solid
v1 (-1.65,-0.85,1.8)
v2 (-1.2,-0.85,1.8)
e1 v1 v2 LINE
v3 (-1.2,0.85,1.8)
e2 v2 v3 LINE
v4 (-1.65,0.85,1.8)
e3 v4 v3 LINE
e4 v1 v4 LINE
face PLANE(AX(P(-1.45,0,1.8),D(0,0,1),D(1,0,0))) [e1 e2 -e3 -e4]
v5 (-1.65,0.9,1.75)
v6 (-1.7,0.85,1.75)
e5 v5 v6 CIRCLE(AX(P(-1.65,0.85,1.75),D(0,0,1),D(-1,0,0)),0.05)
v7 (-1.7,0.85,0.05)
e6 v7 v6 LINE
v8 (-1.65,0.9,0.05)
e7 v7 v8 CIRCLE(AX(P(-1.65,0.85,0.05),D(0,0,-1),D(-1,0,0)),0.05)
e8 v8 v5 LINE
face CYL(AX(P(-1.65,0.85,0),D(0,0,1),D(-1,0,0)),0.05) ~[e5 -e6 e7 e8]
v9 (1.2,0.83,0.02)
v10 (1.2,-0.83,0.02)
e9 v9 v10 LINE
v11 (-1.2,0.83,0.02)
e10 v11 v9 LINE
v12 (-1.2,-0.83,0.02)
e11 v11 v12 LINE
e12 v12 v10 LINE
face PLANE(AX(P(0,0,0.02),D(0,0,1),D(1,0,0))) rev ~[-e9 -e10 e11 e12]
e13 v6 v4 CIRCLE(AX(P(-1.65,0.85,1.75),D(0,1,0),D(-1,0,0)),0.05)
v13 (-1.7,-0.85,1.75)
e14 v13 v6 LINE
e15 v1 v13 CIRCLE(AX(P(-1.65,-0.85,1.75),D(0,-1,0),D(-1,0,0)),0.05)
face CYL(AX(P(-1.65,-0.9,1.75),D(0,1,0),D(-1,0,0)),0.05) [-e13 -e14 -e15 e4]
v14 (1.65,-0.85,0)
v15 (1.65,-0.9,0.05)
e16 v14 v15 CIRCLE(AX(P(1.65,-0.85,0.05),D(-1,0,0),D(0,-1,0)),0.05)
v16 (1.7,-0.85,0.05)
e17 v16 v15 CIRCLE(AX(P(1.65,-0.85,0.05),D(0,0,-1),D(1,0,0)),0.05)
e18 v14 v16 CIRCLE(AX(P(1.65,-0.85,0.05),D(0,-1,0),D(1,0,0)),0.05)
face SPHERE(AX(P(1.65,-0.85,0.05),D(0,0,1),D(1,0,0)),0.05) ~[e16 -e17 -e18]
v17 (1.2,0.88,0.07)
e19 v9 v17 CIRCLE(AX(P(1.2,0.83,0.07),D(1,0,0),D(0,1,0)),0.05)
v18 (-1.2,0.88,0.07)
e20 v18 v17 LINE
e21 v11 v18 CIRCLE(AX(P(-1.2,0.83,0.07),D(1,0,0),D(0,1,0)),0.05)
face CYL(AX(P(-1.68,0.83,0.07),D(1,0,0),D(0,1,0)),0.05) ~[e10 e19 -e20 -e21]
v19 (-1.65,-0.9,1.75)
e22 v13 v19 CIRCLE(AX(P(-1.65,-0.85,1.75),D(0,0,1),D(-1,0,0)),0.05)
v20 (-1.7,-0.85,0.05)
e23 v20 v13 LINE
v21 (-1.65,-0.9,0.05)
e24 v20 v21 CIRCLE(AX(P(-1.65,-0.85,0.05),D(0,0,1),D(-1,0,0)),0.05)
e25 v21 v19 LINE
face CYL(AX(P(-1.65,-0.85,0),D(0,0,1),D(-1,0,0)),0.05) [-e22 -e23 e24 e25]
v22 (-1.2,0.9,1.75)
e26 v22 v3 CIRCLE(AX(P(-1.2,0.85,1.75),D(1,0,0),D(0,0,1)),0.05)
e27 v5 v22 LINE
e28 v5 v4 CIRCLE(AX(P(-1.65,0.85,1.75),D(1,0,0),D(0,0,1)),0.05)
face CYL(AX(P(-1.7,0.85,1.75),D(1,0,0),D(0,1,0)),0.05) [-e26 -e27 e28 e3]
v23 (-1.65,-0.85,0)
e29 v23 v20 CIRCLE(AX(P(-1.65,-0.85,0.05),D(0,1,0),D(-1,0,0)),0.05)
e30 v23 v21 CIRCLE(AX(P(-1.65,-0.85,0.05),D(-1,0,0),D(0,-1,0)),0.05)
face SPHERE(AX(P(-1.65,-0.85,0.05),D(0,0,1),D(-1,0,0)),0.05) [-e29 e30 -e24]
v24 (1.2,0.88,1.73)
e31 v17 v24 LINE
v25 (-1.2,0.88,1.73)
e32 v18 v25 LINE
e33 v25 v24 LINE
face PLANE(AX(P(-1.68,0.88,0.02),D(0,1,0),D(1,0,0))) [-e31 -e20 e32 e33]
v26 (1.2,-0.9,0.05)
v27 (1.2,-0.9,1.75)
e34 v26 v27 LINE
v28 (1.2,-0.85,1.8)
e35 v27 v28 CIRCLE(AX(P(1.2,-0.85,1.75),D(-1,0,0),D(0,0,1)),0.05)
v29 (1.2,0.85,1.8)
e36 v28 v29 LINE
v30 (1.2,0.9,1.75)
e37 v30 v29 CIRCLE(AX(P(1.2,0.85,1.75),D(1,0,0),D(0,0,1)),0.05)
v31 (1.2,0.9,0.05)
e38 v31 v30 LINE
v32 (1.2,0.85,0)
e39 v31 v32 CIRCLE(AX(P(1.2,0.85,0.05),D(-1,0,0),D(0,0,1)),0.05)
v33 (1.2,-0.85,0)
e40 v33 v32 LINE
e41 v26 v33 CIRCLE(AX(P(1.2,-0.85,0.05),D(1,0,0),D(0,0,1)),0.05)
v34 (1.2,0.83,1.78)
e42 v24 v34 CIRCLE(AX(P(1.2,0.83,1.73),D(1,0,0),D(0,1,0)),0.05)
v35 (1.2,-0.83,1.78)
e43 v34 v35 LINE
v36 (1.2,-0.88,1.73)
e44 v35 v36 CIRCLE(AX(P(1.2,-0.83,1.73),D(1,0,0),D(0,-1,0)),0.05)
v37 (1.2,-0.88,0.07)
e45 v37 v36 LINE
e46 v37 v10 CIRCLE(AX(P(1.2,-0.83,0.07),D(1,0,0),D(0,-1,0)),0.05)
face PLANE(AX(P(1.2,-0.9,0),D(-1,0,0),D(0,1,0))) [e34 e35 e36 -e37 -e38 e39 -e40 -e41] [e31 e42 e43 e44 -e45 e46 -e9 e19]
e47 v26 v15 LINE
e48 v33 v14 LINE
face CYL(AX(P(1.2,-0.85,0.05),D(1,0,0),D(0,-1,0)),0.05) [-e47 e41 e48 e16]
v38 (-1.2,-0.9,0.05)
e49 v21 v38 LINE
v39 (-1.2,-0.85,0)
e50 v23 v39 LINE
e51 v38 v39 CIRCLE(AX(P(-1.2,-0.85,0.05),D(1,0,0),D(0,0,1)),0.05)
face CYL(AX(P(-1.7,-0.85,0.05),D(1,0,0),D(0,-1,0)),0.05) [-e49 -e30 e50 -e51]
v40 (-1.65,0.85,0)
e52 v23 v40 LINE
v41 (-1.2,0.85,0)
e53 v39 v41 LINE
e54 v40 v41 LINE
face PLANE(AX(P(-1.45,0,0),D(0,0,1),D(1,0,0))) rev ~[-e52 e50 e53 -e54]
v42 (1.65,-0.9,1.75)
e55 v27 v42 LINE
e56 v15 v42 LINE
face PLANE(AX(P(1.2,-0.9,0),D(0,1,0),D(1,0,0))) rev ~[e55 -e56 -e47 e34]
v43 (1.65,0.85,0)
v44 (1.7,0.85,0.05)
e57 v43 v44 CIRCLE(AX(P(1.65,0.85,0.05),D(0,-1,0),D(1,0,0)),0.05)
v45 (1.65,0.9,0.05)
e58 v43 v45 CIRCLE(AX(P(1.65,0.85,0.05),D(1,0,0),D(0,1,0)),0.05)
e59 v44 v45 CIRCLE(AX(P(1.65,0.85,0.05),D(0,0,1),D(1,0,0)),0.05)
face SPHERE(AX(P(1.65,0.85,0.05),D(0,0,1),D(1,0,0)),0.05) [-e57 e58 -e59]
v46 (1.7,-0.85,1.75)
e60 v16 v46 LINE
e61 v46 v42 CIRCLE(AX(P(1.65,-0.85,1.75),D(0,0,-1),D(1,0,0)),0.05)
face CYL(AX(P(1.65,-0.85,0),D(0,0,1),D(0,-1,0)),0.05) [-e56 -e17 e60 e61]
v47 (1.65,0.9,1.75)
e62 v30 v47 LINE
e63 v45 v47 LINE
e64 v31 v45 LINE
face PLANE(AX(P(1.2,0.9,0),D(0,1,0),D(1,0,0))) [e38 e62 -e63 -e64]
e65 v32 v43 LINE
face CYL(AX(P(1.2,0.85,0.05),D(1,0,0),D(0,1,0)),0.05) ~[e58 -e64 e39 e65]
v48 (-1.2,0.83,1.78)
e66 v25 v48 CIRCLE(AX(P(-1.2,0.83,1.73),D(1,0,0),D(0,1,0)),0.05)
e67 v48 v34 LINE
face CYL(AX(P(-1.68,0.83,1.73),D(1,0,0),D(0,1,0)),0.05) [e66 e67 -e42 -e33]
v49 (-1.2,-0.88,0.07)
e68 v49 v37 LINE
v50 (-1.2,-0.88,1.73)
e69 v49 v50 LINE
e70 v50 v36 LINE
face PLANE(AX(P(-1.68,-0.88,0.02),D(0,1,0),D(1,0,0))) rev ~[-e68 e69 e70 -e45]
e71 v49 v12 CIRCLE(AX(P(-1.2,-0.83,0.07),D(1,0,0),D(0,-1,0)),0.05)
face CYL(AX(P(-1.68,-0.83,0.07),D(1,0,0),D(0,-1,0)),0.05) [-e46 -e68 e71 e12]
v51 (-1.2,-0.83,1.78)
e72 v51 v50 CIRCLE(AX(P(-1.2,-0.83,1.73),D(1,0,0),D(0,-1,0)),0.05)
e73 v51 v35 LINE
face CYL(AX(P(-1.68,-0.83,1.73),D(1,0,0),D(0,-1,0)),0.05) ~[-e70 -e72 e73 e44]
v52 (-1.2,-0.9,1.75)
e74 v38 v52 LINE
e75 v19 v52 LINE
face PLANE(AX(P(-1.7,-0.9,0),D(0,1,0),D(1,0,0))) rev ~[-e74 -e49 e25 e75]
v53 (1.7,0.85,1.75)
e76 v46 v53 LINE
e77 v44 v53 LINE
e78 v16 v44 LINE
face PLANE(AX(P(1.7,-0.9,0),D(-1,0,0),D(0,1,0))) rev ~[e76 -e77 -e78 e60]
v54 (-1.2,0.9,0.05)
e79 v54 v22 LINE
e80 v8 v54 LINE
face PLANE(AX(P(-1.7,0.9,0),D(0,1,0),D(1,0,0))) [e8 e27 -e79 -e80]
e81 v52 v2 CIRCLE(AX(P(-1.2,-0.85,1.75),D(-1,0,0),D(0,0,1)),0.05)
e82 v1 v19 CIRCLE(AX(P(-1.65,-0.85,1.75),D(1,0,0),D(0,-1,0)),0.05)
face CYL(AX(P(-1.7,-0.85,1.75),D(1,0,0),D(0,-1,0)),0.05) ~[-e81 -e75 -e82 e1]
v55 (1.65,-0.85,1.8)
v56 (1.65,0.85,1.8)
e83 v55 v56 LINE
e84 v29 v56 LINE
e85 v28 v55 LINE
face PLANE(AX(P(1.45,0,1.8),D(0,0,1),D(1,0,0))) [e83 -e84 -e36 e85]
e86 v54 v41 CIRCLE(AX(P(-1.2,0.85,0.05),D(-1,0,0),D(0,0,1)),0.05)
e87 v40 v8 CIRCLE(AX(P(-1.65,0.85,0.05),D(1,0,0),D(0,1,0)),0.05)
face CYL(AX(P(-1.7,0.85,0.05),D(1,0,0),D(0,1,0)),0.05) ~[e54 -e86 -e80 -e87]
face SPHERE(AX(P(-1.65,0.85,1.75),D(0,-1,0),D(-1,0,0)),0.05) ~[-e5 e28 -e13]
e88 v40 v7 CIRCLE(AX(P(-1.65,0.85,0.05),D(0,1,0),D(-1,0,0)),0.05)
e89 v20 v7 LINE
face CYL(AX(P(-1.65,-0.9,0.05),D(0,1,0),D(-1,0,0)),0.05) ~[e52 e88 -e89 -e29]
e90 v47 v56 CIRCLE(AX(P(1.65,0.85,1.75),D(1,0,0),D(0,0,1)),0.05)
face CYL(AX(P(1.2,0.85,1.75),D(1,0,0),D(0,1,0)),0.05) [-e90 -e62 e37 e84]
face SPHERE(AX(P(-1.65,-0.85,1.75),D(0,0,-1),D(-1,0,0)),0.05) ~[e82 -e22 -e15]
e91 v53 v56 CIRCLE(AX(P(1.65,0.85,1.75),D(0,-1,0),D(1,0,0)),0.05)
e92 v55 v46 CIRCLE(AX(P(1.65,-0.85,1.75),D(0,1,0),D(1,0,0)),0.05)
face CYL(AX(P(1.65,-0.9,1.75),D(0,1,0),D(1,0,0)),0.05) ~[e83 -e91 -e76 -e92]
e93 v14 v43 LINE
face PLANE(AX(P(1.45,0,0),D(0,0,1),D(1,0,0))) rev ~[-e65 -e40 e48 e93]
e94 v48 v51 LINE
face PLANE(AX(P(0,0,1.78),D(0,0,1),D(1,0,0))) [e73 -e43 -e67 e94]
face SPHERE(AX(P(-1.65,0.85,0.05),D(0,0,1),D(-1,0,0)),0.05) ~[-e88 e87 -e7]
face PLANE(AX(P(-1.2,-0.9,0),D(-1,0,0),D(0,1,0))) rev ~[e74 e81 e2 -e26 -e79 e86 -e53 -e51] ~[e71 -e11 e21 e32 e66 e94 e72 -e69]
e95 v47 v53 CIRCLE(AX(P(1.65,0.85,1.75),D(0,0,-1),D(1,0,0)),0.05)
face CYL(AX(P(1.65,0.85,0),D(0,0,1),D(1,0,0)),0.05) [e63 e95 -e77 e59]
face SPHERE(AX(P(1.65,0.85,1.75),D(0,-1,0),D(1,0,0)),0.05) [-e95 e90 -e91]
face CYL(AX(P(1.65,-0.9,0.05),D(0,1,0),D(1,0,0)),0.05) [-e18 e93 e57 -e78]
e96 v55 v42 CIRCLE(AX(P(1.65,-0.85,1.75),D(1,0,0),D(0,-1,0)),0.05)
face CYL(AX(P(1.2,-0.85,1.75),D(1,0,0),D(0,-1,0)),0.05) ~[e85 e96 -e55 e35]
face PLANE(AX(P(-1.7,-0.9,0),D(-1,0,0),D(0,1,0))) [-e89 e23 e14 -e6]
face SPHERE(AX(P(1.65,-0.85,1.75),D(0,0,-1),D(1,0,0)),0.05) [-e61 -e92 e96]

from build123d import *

# Parameters (mm, degrees)
PLATING_LEFT_W      = 0.5
PLATING_LEFT_H      = 1.8
PLATING_LEFT_DEPTH  = 1.8
PLATING_LEFT_F_R    = 0.05
PLATING_RIGHT_W     = 0.5
PLATING_RIGHT_H     = 1.8
PLATING_RIGHT_DEPTH = 1.8
PLATING_RIGHT_F_R   = 0.05
CHIP_W              = 3.36
CHIP_H              = 1.76
CHIP_DEPTH          = 1.76
CHIP_F_R            = 0.05


with BuildPart() as plating_left_f:
    # plating_left → plating_left (new body)
    with BuildSketch(Plane(origin=(-1.7, -0.9, 0), x_dir=(1, 0, 0), z_dir=(0, 0, 1))):
        with Locations((0.25, 0.9)):
            Rectangle(PLATING_LEFT_W, PLATING_LEFT_H)
    extrude(amount=PLATING_LEFT_DEPTH)

    # plating_left_f
    plating_left_f_edges = [plating_left_f.edges().sort_by_distance(p)[0] for p in [
        (-1.7, -0.9, 0.9),
        (-1.7, 0, 1.8),
        (-1.7, 0.9, 0.9),
        (-1.7, 0, 0),
        (-1.45, -0.9, 0),
        (-1.45, -0.9, 1.8),
        (-1.45, 0.9, 0),
        (-1.45, 0.9, 1.8),
    ]]
    fillet(plating_left_f_edges, radius=PLATING_LEFT_F_R)


with BuildPart() as plating_right_f:
    # plating_right → plating_right (new body)
    with BuildSketch(Plane(origin=(1.2, -0.9, 0), x_dir=(1, 0, 0), z_dir=(0, 0, 1))):
        with Locations((0.25, 0.9)):
            Rectangle(PLATING_RIGHT_W, PLATING_RIGHT_H)
    extrude(amount=PLATING_RIGHT_DEPTH)

    # plating_right_f
    plating_right_f_edges = [plating_right_f.edges().sort_by_distance(p)[0] for p in [
        (1.7, -0.9, 0.9),
        (1.7, 0, 1.8),
        (1.7, 0.9, 0.9),
        (1.7, 0, 0),
        (1.45, -0.9, 0),
        (1.45, -0.9, 1.8),
        (1.45, 0.9, 0),
        (1.45, 0.9, 1.8),
    ]]
    fillet(plating_right_f_edges, radius=PLATING_RIGHT_F_R)


with BuildPart() as capacitor:
    # chip → chip (new body)
    with BuildSketch(Plane(origin=(-1.68, -0.88, 0.02), x_dir=(1, 0, 0), z_dir=(0, 0, 1))):
        with Locations((1.68, 0.88)):
            Rectangle(CHIP_W, CHIP_H)
    extrude(amount=CHIP_DEPTH)

    # chip_f
    chip_f_edges = [capacitor.edges().sort_by_distance(p)[0] for p in [
        (0, -0.88, 0.02),
        (0, -0.88, 1.78),
        (0, 0.88, 0.02),
        (0, 0.88, 1.78),
    ]]
    fillet(chip_f_edges, radius=CHIP_F_R)

    # capacitor: union plating_left_f, plating_right_f
    add(plating_left_f.part)
    add(plating_right_f.part)


solid = capacitor.part
